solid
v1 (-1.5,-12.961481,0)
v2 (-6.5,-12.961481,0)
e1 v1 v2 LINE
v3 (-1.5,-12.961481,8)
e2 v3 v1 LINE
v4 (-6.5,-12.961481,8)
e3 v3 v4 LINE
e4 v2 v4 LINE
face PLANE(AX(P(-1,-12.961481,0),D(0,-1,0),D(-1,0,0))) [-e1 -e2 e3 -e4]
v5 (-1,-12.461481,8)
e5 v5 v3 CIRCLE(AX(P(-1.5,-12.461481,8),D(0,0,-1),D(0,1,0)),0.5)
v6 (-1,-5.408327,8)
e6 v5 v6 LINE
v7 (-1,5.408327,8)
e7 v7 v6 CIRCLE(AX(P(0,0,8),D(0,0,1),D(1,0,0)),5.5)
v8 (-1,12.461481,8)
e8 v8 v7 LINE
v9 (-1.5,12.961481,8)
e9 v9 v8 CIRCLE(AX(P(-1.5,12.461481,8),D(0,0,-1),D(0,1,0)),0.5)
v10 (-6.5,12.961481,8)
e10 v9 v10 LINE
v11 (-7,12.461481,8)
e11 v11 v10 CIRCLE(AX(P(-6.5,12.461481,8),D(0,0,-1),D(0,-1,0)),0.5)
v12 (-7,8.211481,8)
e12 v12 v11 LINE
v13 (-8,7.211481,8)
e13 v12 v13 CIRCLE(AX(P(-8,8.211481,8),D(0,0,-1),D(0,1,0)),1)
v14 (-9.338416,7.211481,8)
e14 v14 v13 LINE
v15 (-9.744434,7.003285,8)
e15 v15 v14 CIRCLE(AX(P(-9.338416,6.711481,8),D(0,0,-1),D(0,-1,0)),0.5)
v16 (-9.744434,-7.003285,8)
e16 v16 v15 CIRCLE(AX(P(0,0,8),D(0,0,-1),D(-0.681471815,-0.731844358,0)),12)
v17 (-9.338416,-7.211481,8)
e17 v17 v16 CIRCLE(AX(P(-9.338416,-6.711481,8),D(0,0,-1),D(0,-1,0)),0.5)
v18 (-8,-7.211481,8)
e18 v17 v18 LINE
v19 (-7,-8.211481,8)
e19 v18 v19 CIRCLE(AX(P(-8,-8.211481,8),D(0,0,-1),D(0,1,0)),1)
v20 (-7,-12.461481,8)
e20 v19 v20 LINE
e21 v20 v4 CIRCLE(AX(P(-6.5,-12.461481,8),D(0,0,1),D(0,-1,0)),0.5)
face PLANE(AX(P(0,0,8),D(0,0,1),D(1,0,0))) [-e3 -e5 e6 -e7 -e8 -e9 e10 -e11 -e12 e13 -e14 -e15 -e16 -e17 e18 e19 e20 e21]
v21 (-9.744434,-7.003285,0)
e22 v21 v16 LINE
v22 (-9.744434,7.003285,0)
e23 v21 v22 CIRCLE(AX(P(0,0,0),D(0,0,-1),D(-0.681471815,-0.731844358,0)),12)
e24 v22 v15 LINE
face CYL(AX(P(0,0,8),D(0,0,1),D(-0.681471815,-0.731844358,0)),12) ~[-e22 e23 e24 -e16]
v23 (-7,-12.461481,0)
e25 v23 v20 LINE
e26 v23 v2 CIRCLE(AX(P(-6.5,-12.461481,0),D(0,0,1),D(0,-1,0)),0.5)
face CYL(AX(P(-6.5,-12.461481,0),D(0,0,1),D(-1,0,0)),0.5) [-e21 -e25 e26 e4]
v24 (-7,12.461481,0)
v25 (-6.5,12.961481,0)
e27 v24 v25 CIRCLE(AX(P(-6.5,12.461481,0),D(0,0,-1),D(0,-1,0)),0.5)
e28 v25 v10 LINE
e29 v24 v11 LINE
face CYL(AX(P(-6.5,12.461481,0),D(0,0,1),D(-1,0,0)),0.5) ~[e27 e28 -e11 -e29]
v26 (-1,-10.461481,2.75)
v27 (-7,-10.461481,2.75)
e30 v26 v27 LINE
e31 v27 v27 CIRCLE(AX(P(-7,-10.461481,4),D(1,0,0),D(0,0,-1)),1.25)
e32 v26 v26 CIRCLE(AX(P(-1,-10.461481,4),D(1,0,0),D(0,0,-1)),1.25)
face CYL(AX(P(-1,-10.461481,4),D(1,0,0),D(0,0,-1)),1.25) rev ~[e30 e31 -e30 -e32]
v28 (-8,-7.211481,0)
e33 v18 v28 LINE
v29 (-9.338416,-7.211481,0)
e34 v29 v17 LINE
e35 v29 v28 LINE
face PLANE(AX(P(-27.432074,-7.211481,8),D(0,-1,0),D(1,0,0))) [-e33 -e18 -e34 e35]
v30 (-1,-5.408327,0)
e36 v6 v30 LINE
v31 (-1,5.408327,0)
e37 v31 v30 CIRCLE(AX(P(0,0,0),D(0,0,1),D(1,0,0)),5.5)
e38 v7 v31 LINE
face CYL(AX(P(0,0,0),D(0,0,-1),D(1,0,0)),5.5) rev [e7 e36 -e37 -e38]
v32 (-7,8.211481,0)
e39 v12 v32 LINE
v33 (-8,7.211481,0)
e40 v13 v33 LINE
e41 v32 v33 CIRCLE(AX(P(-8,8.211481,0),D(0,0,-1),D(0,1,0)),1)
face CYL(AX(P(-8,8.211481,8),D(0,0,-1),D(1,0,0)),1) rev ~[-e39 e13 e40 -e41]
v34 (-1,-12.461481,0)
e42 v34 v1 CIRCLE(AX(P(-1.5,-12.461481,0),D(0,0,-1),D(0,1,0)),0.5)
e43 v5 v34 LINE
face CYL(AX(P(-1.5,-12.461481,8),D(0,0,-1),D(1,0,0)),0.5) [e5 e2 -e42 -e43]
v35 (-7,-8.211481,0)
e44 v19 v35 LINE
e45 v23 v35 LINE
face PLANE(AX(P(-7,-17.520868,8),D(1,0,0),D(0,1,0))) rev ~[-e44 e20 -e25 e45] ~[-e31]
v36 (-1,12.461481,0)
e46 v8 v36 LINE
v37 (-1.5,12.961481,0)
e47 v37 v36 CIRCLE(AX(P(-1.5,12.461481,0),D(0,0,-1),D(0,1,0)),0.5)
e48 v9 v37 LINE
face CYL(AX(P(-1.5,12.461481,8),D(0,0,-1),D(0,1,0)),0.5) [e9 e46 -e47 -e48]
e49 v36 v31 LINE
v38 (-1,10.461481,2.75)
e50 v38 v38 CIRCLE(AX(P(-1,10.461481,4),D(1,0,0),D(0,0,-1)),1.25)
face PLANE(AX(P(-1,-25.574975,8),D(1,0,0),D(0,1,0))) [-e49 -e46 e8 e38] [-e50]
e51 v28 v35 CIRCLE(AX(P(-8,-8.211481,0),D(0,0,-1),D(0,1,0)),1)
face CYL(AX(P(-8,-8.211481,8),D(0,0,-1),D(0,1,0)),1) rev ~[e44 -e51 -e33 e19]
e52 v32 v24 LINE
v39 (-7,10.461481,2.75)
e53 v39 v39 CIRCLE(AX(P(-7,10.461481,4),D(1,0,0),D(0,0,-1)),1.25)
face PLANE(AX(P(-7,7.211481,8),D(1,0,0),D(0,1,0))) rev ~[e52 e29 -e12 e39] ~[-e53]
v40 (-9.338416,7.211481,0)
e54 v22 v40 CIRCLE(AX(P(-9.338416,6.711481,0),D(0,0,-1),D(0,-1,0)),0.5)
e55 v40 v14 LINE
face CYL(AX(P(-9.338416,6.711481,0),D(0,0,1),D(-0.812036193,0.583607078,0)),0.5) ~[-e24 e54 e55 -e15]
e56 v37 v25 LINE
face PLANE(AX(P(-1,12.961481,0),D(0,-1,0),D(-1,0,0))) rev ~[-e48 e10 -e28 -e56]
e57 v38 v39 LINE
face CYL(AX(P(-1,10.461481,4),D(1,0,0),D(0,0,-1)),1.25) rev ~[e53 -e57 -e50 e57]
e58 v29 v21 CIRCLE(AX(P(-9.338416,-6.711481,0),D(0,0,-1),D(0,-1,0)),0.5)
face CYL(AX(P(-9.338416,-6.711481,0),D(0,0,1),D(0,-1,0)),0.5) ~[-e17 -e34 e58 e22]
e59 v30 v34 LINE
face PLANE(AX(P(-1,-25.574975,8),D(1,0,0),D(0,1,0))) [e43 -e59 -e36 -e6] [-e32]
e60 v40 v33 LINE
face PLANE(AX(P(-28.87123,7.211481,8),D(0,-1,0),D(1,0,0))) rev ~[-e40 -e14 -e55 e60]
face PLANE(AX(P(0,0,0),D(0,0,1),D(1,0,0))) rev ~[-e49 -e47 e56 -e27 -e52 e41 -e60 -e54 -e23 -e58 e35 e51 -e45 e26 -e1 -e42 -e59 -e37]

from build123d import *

# Parameters (mm, degrees)
ESQUISSE1_R             = 13
ESQUISSE1_R_2           = 5.5
BOSS_EXTRU_1_DEPTH      = 8
ESQUISSE2_W             = 32.31004566
ESQUISSE2_H             = 49.818141682
ENL_V_MAT_EXTRU_1_DEPTH = 8
ESQUISSE3_R             = 1.5
ENL_V_MAT_EXTRU_2_DEPTH = 8
ESQUISSE4_W             = 21.87123002
ESQUISSE4_H             = 13.833010023
ESQUISSE4_W_2           = 20.432073676
ESQUISSE4_H_2           = 10.309386407
ENL_V_MAT_EXTRU_3_DEPTH = 8
ENL_V_MAT_EXTRU_4_DEPTH = 8
CONG_4_R                = 0.5
ESQUISSE7_W             = 6
ESQUISSE7_H             = 5.75
BOSS_EXTRU_3_DEPTH      = 8
ESQUISSE11_R            = 1.25
ENL_V_MAT_EXTRU_5_DEPTH = 8
CONG_5_R                = 0.5
CONG_6_R                = 1
CONG_7_R                = 0.5


with BuildPart() as part:
    # Esquisse1 → Boss.-Extru.1 (new body)
    with BuildSketch(Plane.XY):
        Circle(ESQUISSE1_R)
        Circle(ESQUISSE1_R_2, mode=Mode.SUBTRACT)
    extrude(amount=BOSS_EXTRU_1_DEPTH)

    # Esquisse2 → Enlèv. mat.-Extru.1 (cut)
    with BuildSketch(Plane.XY.offset(8)):
        with Locations((15.15502283, -0.665904075)):
            Rectangle(ESQUISSE2_W, ESQUISSE2_H)
    extrude(amount=-ENL_V_MAT_EXTRU_1_DEPTH, mode=Mode.SUBTRACT)

    # Esquisse3 → Enlèv. mat.-Extru.2 (cut)
    with BuildSketch(Plane(origin=(-1, 0, 0), x_dir=(0, 0, -1), z_dir=(1, 0, 0))):
        with Locations((-4, 10.461481397)):
            Circle(ESQUISSE3_R)
        with Locations((-4, -10.461481397)):
            Circle(ESQUISSE3_R)
    extrude(amount=-ENL_V_MAT_EXTRU_2_DEPTH, mode=Mode.SUBTRACT)

    # Esquisse4 → Enlèv. mat.-Extru.3 (cut)
    with BuildSketch(Plane.XY.offset(8)):
        with Locations((-17.93561501, 14.127986408)):
            Rectangle(ESQUISSE4_W, ESQUISSE4_H)
        with Locations((-17.216036838, -12.366174601)):
            Rectangle(ESQUISSE4_W_2, ESQUISSE4_H_2)
    extrude(amount=-ENL_V_MAT_EXTRU_3_DEPTH, mode=Mode.SUBTRACT)

    # Esquisse6 → Enlèv. mat.-Extru.4 (cut)
    with BuildSketch(Plane.XY.offset(8)):
        with BuildLine():
            Line((-16.733633374, -12.244867556), (-8.177661786, -8.782132299))
            ThreePointArc((-8.177661786, -8.782132299), (-11.997254104, 0.256698201), (-7.794537354, 9.123880065))
            Line((-7.794537354, 9.123880065), (-13.177897042, 8.696922023))
            ThreePointArc((-13.177897042, 8.696922023), (-19.765548318, -0.95731283), (-16.733633374, -12.244867556))
        make_face()
    extrude(amount=-ENL_V_MAT_EXTRU_4_DEPTH, mode=Mode.SUBTRACT)

    # Congé4
    cong_4_edges = [part.edges().sort_by_distance(p)[0] for p in [
        (-9.591378215, 7.211481397, 4),
        (-9.591378215, -7.211481397, 4),
    ]]
    fillet(cong_4_edges, radius=CONG_4_R)

    # Esquisse7 → Boss.-Extru.3 (add)
    with BuildSketch(Plane(origin=(0, 0, 0), x_dir=(-1, 0, 0), z_dir=(0, 0, -1))):
        with Locations((4, 10.086481397)):
            Rectangle(ESQUISSE7_W, ESQUISSE7_H)
        with Locations((4, -10.086481397)):
            Rectangle(ESQUISSE7_W, ESQUISSE7_H)
    extrude(amount=-BOSS_EXTRU_3_DEPTH)

    # Esquisse11 → Enlèv. mat.-Extru.5 (cut)
    with BuildSketch(Plane(origin=(-1, 0, 0), x_dir=(0, 0, -1), z_dir=(1, 0, 0))):
        with Locations((-4, 10.461481397)):
            Circle(ESQUISSE11_R)
        with Locations((-4, -10.461481397)):
            Circle(ESQUISSE11_R)
    extrude(amount=-ENL_V_MAT_EXTRU_5_DEPTH, mode=Mode.SUBTRACT)

    # Congé5
    cong_5_edges = [part.edges().sort_by_distance(p)[0] for p in [
        (-7, 12.961481397, 4),
        (-7, -12.961481397, 4),
    ]]
    fillet(cong_5_edges, radius=CONG_5_R)

    # Congé6
    cong_6_edges = [part.edges().sort_by_distance(p)[0] for p in [
        (-7, 7.211481397, 4),
        (-7, -7.211481397, 4),
    ]]
    fillet(cong_6_edges, radius=CONG_6_R)

    # Congé7
    cong_7_edges = [part.edges().sort_by_distance(p)[0] for p in [
        (-1, 12.961481397, 4),
        (-1, -12.961481397, 4),
    ]]
    fillet(cong_7_edges, radius=CONG_7_R)


solid = part.part
